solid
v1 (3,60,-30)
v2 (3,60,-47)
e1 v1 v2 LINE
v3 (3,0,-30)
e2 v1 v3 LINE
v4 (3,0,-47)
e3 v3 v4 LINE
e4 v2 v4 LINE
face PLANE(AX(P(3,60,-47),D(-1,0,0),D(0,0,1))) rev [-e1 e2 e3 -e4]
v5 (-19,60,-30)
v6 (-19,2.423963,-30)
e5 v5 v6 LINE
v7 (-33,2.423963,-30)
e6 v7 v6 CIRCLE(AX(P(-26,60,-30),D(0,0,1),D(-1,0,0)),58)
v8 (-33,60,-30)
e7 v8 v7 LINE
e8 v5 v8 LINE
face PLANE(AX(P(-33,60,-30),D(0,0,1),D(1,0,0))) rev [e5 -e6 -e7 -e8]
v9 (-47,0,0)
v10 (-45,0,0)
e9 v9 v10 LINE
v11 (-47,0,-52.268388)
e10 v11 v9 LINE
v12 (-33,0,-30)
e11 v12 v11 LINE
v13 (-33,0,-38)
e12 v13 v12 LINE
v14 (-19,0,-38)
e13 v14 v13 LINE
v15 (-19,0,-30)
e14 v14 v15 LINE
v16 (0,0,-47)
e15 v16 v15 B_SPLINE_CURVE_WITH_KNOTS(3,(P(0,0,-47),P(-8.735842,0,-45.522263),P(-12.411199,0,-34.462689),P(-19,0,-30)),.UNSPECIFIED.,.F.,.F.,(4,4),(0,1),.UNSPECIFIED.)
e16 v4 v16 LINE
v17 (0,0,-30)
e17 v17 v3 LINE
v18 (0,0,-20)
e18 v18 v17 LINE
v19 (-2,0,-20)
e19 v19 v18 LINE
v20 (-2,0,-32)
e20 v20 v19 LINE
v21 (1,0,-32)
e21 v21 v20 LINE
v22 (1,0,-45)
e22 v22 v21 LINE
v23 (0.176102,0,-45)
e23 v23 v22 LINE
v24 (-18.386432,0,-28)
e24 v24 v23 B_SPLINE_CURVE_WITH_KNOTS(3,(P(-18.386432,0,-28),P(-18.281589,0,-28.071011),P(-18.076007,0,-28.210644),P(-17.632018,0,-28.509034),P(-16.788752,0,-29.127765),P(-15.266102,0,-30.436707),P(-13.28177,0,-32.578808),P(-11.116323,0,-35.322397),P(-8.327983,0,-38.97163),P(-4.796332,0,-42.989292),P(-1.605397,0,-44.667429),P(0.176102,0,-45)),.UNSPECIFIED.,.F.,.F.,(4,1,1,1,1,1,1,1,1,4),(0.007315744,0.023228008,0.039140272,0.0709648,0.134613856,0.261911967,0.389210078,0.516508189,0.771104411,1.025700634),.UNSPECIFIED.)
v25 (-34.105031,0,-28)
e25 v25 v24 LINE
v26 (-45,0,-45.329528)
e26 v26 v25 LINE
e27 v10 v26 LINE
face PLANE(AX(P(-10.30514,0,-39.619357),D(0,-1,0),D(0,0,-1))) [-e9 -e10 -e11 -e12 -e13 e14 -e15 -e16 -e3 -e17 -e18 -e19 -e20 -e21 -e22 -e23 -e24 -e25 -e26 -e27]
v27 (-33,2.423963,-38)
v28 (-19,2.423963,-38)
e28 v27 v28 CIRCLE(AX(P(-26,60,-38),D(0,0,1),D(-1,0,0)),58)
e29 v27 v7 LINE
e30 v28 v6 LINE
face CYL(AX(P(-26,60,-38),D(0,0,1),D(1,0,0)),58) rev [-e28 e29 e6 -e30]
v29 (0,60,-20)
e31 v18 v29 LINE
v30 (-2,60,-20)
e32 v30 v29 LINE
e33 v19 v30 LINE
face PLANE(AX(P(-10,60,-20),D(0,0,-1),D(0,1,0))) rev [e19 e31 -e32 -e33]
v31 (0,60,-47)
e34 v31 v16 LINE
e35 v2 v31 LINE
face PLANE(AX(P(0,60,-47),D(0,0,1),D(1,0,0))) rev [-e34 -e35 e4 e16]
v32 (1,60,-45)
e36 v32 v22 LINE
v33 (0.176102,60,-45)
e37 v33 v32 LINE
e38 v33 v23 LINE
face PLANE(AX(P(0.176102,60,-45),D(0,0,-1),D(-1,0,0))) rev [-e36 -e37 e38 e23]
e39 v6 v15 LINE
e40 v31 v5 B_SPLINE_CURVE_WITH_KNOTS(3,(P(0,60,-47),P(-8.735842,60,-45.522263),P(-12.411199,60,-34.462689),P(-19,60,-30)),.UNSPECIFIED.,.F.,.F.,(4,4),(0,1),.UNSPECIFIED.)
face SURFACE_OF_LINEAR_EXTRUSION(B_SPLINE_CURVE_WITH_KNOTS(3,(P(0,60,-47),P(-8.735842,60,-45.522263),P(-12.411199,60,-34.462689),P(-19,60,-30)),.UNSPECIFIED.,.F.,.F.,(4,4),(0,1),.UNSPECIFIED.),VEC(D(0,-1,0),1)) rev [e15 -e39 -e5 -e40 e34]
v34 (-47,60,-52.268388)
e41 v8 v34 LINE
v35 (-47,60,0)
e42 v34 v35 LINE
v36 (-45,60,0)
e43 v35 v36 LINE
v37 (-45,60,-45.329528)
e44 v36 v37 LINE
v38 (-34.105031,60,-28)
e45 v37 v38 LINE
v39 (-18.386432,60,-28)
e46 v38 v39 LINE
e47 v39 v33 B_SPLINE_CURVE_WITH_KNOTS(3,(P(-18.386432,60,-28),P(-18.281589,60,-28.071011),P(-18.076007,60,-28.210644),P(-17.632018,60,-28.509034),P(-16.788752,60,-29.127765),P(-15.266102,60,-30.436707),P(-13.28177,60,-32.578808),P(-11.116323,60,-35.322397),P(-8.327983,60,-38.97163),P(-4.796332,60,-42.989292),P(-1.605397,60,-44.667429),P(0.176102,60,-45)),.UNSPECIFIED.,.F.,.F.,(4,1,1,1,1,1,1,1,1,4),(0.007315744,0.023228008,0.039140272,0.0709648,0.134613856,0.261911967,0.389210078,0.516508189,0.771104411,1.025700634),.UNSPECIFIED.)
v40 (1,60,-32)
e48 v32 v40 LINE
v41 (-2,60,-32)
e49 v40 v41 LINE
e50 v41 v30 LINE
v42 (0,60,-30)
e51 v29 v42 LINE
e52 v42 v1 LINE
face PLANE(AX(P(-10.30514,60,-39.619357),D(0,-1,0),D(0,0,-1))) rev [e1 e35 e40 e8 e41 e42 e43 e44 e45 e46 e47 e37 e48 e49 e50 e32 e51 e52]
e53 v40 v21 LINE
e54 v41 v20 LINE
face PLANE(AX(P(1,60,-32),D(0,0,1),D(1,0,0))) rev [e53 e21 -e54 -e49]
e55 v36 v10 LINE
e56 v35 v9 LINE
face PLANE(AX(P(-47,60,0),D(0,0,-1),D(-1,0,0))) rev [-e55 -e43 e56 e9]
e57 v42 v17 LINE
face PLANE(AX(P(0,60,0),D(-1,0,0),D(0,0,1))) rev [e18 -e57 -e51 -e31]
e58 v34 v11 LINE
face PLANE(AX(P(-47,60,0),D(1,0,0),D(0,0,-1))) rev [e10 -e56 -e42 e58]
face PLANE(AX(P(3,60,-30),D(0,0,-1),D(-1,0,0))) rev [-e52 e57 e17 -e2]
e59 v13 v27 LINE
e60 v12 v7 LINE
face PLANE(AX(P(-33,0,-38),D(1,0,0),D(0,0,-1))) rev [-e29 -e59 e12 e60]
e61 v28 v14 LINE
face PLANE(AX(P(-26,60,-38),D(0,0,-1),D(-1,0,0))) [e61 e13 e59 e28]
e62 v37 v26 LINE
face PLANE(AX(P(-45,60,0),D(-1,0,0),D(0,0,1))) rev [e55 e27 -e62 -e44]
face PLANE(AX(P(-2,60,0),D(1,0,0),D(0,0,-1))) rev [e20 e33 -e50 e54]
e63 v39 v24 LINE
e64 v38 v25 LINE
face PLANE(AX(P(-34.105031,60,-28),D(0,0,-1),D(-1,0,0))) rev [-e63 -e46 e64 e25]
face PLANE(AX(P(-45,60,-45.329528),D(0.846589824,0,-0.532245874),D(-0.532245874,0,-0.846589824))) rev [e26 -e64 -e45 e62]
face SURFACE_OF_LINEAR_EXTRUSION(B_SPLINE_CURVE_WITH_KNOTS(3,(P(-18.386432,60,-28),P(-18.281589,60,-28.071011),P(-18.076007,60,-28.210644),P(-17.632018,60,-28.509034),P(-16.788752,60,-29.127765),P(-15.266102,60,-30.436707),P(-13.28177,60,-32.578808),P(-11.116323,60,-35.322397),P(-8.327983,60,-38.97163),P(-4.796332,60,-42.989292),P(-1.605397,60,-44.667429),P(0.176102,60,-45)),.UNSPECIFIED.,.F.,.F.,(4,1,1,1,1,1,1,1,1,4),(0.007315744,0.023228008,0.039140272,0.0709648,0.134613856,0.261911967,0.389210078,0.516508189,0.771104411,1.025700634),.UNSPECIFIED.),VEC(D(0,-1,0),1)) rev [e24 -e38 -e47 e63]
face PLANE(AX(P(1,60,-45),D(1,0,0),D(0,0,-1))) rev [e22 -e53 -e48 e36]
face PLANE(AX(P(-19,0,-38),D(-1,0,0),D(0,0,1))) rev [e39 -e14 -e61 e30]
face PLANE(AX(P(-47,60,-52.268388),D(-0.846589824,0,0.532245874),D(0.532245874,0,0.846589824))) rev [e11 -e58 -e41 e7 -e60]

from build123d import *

# Parameters (mm, degrees)
BOSS_EXTRUDE12_DEPTH = 60
BOSS_EXTRUDE13_DEPTH = 8
SKETCH3_W            = 20
SKETCH3_H            = 60
CUT_EXTRUDE1_DEPTH   = 10


with BuildPart() as part:
    # Sketch1 → Boss-Extrude12 (new body)
    with BuildSketch(Plane(origin=(0, 0, 0), x_dir=(1, 0, 0), z_dir=(0, 1, 0))):
        with BuildLine():
            Line((3, 47), (3, 30))
            Line((3, 30), (0, 30))
            Line((0, 30), (0, 0))
            Line((0, 0), (-2, 0))
            Line((-2, 0), (-2, 32))
            Line((-2, 32), (1, 32))
            Line((1, 32), (1, 45))
            Line((1, 45), (0.176102142, 45))
            add(Edge.make_bspline(
                [(-18.386432119, 28), (-18.281589374, 28.071011485), (-18.076006872, 28.210643772), (-17.632017964, 28.509033814), (-16.788752159, 29.127765228), (-15.266101597, 30.436706514), (-13.281769764, 32.578807621), (-11.116323446, 35.322397153), (-8.327983452, 38.971629637), (-4.796332276, 42.989291988), (-1.605396872, 44.667429051), (0.176102142, 45)],
                knots=[0.007315744, 0.007315744, 0.007315744, 0.007315744, 0.023228008, 0.039140272, 0.0709648, 0.134613856, 0.261911967, 0.389210078, 0.516508189, 0.771104411, 1.025700634, 1.025700634, 1.025700634, 1.025700634], degree=3))
            Line((-18.386432119, 28), (-34.105031298, 28))
            Line((-34.105031298, 28), (-45, 45.32952773))
            Line((-45, 45.32952773), (-45, 0))
            Line((-45, 0), (-47, 0))
            Line((-47, 0), (-47, 52.268387809))
            Line((-47, 52.268387809), (-33, 30))
            Line((-33, 30), (-19, 30))
            add(Edge.make_bspline(
                [(0, 47), (-8.735842334, 45.522262704), (-12.411198706, 34.462689008), (-19, 30)],
                knots=[0, 0, 0, 0, 1, 1, 1, 1], degree=3))
            Line((0, 47), (3, 47))
        make_face()
    extrude(amount=BOSS_EXTRUDE12_DEPTH)

    # Sketch2 → Boss-Extrude13 (add)
    with BuildSketch(Plane(origin=(0, 0, -30), x_dir=(-1, 0, 0), z_dir=(0, 0, -1))):
        with BuildLine():
            Line((33, 0), (19, 0))
            Line((19, 0), (19, 2.423963318))
            ThreePointArc((19, 2.423963318), (26, 2), (33, 2.423963318))
            Line((33, 2.423963318), (33, 0))
        make_face()
    extrude(amount=BOSS_EXTRUDE13_DEPTH)

    # Sketch3 → Cut-Extrude1 (cut)
    with BuildSketch(Plane(origin=(0, 0, 0), x_dir=(0, 0, -1), z_dir=(1, 0, 0))):
        with Locations((10, 30)):
            Rectangle(SKETCH3_W, SKETCH3_H)
    extrude(amount=-CUT_EXTRUDE1_DEPTH, mode=Mode.SUBTRACT)


solid = part.part
